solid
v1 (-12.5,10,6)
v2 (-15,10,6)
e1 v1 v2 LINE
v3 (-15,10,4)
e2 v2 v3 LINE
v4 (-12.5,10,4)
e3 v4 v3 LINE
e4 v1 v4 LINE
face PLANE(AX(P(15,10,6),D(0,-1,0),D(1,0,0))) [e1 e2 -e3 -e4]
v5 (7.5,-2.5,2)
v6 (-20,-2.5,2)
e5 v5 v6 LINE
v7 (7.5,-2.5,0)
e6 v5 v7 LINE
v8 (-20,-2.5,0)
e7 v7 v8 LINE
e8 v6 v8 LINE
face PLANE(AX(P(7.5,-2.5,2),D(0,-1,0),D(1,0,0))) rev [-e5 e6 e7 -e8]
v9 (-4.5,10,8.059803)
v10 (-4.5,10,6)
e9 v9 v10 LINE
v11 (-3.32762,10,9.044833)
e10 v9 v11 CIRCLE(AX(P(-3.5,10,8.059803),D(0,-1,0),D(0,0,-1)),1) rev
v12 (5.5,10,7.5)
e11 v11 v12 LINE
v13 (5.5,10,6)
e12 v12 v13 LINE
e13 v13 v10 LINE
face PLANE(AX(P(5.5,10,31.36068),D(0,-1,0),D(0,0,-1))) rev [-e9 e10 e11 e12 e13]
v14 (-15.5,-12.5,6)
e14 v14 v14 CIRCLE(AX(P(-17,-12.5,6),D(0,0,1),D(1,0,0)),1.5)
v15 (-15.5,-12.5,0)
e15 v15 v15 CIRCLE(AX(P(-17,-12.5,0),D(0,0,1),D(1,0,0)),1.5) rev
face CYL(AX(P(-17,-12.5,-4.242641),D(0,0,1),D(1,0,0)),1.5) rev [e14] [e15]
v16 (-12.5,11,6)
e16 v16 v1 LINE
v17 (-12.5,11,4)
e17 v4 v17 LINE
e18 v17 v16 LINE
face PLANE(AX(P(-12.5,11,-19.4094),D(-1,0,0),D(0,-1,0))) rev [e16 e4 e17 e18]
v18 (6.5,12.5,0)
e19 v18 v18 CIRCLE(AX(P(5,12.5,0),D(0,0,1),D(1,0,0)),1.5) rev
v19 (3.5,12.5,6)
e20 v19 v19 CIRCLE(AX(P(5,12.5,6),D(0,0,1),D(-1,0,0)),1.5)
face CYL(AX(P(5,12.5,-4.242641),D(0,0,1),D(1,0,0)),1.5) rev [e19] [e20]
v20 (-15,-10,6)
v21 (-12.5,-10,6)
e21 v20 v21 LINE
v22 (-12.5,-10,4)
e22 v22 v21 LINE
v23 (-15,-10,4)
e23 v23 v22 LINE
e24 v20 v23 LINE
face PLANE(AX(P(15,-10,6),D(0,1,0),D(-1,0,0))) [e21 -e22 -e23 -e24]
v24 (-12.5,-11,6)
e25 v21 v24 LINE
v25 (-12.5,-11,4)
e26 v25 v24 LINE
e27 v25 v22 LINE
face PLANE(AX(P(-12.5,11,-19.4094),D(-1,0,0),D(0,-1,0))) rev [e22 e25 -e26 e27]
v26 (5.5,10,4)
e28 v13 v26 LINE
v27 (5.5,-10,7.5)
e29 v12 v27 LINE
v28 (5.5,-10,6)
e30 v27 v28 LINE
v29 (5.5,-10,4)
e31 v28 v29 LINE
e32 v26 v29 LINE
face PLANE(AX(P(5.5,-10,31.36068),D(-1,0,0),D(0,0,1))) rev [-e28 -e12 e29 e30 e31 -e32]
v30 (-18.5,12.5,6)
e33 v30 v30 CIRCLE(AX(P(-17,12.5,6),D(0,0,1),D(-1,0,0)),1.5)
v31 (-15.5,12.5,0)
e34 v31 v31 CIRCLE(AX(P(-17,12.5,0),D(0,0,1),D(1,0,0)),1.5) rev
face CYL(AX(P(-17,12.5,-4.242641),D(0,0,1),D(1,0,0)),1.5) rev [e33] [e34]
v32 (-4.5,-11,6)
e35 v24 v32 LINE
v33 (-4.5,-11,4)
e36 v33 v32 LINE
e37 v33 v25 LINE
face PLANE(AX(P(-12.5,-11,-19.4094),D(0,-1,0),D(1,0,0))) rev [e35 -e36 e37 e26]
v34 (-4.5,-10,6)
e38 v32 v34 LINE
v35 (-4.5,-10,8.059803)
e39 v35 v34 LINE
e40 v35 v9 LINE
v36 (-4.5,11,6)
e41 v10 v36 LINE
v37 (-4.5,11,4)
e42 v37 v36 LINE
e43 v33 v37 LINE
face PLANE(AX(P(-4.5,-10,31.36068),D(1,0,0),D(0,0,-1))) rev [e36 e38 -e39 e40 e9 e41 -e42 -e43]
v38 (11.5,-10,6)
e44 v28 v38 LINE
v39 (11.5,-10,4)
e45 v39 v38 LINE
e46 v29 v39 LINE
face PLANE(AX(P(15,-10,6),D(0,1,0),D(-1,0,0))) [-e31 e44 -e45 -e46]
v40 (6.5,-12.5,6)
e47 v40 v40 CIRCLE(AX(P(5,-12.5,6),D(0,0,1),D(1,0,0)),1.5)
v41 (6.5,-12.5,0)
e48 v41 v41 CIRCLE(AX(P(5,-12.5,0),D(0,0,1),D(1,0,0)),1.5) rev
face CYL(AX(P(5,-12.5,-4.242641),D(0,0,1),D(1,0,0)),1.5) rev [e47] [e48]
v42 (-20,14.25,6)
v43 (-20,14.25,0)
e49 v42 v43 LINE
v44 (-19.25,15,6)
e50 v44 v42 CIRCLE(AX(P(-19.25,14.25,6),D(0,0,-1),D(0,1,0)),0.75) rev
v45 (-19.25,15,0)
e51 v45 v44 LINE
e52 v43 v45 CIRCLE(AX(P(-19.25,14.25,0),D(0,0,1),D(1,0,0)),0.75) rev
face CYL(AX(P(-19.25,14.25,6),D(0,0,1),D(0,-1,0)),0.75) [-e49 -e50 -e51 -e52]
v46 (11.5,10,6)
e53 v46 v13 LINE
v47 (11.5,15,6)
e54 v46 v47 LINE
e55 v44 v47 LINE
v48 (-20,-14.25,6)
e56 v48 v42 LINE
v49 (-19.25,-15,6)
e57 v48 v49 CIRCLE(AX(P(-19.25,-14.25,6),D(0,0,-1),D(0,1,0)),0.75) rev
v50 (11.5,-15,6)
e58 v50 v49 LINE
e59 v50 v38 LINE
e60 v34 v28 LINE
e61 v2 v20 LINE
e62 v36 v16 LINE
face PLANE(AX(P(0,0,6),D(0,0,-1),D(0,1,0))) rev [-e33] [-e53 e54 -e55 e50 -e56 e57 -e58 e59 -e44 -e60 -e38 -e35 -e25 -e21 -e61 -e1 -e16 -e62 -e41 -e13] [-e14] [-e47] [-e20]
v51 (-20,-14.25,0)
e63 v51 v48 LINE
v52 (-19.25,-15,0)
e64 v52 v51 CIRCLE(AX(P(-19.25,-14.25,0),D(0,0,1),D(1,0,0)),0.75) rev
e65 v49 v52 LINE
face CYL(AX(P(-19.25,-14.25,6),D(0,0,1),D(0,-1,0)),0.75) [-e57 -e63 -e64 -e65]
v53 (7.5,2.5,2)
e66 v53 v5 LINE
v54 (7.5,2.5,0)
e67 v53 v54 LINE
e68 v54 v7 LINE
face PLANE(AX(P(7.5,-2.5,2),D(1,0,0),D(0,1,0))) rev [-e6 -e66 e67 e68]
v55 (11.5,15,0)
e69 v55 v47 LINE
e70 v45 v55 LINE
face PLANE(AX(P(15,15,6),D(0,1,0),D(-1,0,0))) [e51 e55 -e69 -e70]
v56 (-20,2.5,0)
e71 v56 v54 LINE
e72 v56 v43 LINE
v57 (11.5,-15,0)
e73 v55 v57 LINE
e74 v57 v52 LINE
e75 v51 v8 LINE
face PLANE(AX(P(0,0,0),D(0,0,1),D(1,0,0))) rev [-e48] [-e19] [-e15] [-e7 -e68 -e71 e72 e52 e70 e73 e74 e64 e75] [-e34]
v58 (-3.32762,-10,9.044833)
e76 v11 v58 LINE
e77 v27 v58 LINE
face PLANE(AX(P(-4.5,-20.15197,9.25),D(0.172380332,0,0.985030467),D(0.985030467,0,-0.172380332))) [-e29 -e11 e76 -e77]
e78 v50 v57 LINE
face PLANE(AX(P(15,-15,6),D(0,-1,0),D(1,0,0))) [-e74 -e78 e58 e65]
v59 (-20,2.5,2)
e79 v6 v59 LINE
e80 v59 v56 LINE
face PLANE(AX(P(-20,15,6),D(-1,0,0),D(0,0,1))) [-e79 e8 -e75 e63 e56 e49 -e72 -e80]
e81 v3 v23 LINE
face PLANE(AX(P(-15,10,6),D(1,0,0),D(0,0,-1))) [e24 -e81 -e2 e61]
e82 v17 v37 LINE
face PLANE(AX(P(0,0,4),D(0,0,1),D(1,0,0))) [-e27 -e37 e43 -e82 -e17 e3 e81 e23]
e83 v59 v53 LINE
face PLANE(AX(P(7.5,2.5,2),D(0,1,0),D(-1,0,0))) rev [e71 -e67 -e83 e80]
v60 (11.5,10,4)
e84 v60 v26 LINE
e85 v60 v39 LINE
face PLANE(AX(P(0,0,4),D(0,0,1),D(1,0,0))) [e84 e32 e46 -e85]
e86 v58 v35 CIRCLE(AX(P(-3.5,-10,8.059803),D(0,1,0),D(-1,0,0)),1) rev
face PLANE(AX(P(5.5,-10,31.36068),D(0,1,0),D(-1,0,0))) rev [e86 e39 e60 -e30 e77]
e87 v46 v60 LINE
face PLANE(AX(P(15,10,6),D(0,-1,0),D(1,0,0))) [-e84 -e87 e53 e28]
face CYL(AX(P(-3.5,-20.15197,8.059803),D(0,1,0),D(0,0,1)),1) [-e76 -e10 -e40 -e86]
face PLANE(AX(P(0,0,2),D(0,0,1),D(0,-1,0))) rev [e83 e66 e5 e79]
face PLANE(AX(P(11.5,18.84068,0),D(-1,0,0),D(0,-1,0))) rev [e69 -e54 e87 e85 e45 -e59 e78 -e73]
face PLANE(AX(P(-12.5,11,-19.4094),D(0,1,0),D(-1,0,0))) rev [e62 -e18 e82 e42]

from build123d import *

# Parameters (mm, degrees)
SKETCH1_W                = 30
SKETCH1_H                = 20
BASE_PLATE_DEPTH         = 1
SIDE_WALLS_DEPTH         = 6
SKETCH3_W                = 10
SKETCH3_H                = 20
SWITCH_BLOCK_DEPTH       = 6.5
SKETCH11_W               = 10.5
SKETCH11_H               = 20
SKETCH11_W_2             = 9.5
THICKER_BODY_DEPTH       = 3
SWITCH_BLOCK_ANGLE_DEPTH = 20
SKETCH4_R                = 1.5
M2_SCREWS_DEPTH          = 6
FILLET1_R                = 1
FILLET2_R                = 0.5
FILLET3_R                = 0.5
FILLET4_R                = 0.75
FILLET5_R                = 0.75
SKETCH19_W               = 8
SKETCH19_H               = 22
SPACE_FOR_LEAVER_DEPTH   = 2
SKETCH20_W               = 27.5
SKETCH20_H               = 5
CUT_EXTRUDE1_DEPTH       = 2
CUT_EXTRUDE2_DEPTH       = 26.506893306
CUT_EXTRUDE2_DEPTH_BACK  = 26.506893306
SKETCH21_W               = 20.782145583
SKETCH21_H               = 41.62772639


with BuildPart() as part:
    # Sketch1 → Base Plate (new body)
    with BuildSketch(Plane.XY):
        Rectangle(SKETCH1_W, SKETCH1_H)
    extrude(amount=BASE_PLATE_DEPTH)

    # Sketch2 → Side Walls (add)
    with BuildSketch(Plane(origin=(0, 0, 0), x_dir=(1, 0, 0), z_dir=(0, 0, -1))):
        Polygon((15, 10), (-15, 10), (-15, -10), (15, -10), (15, -15), (-20, -15), (-20, 15), (15, 15), align=None)
    extrude(amount=-SIDE_WALLS_DEPTH)

    # Sketch3 → Switch Block (add)
    with BuildSketch(Plane.XY.offset(1)):
        with Locations((0.5, 0)):
            Rectangle(SKETCH3_W, SKETCH3_H)
    extrude(amount=SWITCH_BLOCK_DEPTH)

    # Sketch11 → Thicker Body (add)
    with BuildSketch(Plane.XY.offset(1)):
        with Locations((-9.75, 0)):
            Rectangle(SKETCH11_W, SKETCH11_H)
        with Locations((10.25, 0)):
            Rectangle(SKETCH11_W_2, SKETCH11_H)
    extrude(amount=THICKER_BODY_DEPTH)

    # Sketch5 → Switch Block Angle (add)
    with BuildSketch(Plane(origin=(0, 10, 0), x_dir=(-1, 0, 0), z_dir=(0, 1, 0))):
        Polygon((4.5, 7.5), (4.5, 9.25), (-5.5, 7.5), align=None)
    extrude(amount=-SWITCH_BLOCK_ANGLE_DEPTH)

    # Sketch4 → M2 Screws (cut)
    with BuildSketch(Plane.XY.offset(6)):
        with Locations((-17, -12.5)):
            Circle(SKETCH4_R)
        with Locations((5, -12.5)):
            Circle(SKETCH4_R)
        with Locations((5, 12.5)):
            Circle(SKETCH4_R)
        with Locations((-17, 12.5)):
            Circle(SKETCH4_R)
    extrude(amount=-M2_SCREWS_DEPTH, mode=Mode.SUBTRACT)

    # Fillet1
    fillet1_edges = [part.edges().sort_by_distance(p)[0] for p in [
        (-4.5, 0, 9.25),
    ]]
    fillet(fillet1_edges, radius=FILLET1_R)

    # Fillet2
    fillet2_edges = [part.edges().sort_by_distance(p)[0] for p in [
        (15, -15, 3),
    ]]
    fillet(fillet2_edges, radius=FILLET2_R)

    # Fillet3
    fillet3_edges = [part.edges().sort_by_distance(p)[0] for p in [
        (15, 15, 3),
    ]]
    fillet(fillet3_edges, radius=FILLET3_R)

    # Fillet4
    fillet4_edges = [part.edges().sort_by_distance(p)[0] for p in [
        (-20, 15, 3),
    ]]
    fillet(fillet4_edges, radius=FILLET4_R)

    # Fillet5
    fillet5_edges = [part.edges().sort_by_distance(p)[0] for p in [
        (-20, -15, 3),
    ]]
    fillet(fillet5_edges, radius=FILLET5_R)

    # Sketch19 → Space for LEaver (cut)
    with BuildSketch(Plane.XY.offset(6)):
        with Locations((-8.5, 0)):
            Rectangle(SKETCH19_W, SKETCH19_H)
    extrude(amount=-SPACE_FOR_LEAVER_DEPTH, mode=Mode.SUBTRACT)

    # Sketch20 → Cut-Extrude1 (cut)
    with BuildSketch(Plane(origin=(0, 0, 0), x_dir=(1, 0, 0), z_dir=(0, 0, -1))):
        with Locations((-6.25, 0)):
            Rectangle(SKETCH20_W, SKETCH20_H)
    extrude(amount=-CUT_EXTRUDE1_DEPTH, mode=Mode.SUBTRACT)

    # Sketch21 → Cut-Extrude2 (cut, two sides: drawn at the far end of the back side and taken through both)
    with BuildSketch(Plane.XY.offset(4).offset(-CUT_EXTRUDE2_DEPTH_BACK)):
        with Locations((21.891072792, -1.973183351)):
            Rectangle(SKETCH21_W, SKETCH21_H)
    extrude(amount=CUT_EXTRUDE2_DEPTH + CUT_EXTRUDE2_DEPTH_BACK, mode=Mode.SUBTRACT)


solid = part.part
